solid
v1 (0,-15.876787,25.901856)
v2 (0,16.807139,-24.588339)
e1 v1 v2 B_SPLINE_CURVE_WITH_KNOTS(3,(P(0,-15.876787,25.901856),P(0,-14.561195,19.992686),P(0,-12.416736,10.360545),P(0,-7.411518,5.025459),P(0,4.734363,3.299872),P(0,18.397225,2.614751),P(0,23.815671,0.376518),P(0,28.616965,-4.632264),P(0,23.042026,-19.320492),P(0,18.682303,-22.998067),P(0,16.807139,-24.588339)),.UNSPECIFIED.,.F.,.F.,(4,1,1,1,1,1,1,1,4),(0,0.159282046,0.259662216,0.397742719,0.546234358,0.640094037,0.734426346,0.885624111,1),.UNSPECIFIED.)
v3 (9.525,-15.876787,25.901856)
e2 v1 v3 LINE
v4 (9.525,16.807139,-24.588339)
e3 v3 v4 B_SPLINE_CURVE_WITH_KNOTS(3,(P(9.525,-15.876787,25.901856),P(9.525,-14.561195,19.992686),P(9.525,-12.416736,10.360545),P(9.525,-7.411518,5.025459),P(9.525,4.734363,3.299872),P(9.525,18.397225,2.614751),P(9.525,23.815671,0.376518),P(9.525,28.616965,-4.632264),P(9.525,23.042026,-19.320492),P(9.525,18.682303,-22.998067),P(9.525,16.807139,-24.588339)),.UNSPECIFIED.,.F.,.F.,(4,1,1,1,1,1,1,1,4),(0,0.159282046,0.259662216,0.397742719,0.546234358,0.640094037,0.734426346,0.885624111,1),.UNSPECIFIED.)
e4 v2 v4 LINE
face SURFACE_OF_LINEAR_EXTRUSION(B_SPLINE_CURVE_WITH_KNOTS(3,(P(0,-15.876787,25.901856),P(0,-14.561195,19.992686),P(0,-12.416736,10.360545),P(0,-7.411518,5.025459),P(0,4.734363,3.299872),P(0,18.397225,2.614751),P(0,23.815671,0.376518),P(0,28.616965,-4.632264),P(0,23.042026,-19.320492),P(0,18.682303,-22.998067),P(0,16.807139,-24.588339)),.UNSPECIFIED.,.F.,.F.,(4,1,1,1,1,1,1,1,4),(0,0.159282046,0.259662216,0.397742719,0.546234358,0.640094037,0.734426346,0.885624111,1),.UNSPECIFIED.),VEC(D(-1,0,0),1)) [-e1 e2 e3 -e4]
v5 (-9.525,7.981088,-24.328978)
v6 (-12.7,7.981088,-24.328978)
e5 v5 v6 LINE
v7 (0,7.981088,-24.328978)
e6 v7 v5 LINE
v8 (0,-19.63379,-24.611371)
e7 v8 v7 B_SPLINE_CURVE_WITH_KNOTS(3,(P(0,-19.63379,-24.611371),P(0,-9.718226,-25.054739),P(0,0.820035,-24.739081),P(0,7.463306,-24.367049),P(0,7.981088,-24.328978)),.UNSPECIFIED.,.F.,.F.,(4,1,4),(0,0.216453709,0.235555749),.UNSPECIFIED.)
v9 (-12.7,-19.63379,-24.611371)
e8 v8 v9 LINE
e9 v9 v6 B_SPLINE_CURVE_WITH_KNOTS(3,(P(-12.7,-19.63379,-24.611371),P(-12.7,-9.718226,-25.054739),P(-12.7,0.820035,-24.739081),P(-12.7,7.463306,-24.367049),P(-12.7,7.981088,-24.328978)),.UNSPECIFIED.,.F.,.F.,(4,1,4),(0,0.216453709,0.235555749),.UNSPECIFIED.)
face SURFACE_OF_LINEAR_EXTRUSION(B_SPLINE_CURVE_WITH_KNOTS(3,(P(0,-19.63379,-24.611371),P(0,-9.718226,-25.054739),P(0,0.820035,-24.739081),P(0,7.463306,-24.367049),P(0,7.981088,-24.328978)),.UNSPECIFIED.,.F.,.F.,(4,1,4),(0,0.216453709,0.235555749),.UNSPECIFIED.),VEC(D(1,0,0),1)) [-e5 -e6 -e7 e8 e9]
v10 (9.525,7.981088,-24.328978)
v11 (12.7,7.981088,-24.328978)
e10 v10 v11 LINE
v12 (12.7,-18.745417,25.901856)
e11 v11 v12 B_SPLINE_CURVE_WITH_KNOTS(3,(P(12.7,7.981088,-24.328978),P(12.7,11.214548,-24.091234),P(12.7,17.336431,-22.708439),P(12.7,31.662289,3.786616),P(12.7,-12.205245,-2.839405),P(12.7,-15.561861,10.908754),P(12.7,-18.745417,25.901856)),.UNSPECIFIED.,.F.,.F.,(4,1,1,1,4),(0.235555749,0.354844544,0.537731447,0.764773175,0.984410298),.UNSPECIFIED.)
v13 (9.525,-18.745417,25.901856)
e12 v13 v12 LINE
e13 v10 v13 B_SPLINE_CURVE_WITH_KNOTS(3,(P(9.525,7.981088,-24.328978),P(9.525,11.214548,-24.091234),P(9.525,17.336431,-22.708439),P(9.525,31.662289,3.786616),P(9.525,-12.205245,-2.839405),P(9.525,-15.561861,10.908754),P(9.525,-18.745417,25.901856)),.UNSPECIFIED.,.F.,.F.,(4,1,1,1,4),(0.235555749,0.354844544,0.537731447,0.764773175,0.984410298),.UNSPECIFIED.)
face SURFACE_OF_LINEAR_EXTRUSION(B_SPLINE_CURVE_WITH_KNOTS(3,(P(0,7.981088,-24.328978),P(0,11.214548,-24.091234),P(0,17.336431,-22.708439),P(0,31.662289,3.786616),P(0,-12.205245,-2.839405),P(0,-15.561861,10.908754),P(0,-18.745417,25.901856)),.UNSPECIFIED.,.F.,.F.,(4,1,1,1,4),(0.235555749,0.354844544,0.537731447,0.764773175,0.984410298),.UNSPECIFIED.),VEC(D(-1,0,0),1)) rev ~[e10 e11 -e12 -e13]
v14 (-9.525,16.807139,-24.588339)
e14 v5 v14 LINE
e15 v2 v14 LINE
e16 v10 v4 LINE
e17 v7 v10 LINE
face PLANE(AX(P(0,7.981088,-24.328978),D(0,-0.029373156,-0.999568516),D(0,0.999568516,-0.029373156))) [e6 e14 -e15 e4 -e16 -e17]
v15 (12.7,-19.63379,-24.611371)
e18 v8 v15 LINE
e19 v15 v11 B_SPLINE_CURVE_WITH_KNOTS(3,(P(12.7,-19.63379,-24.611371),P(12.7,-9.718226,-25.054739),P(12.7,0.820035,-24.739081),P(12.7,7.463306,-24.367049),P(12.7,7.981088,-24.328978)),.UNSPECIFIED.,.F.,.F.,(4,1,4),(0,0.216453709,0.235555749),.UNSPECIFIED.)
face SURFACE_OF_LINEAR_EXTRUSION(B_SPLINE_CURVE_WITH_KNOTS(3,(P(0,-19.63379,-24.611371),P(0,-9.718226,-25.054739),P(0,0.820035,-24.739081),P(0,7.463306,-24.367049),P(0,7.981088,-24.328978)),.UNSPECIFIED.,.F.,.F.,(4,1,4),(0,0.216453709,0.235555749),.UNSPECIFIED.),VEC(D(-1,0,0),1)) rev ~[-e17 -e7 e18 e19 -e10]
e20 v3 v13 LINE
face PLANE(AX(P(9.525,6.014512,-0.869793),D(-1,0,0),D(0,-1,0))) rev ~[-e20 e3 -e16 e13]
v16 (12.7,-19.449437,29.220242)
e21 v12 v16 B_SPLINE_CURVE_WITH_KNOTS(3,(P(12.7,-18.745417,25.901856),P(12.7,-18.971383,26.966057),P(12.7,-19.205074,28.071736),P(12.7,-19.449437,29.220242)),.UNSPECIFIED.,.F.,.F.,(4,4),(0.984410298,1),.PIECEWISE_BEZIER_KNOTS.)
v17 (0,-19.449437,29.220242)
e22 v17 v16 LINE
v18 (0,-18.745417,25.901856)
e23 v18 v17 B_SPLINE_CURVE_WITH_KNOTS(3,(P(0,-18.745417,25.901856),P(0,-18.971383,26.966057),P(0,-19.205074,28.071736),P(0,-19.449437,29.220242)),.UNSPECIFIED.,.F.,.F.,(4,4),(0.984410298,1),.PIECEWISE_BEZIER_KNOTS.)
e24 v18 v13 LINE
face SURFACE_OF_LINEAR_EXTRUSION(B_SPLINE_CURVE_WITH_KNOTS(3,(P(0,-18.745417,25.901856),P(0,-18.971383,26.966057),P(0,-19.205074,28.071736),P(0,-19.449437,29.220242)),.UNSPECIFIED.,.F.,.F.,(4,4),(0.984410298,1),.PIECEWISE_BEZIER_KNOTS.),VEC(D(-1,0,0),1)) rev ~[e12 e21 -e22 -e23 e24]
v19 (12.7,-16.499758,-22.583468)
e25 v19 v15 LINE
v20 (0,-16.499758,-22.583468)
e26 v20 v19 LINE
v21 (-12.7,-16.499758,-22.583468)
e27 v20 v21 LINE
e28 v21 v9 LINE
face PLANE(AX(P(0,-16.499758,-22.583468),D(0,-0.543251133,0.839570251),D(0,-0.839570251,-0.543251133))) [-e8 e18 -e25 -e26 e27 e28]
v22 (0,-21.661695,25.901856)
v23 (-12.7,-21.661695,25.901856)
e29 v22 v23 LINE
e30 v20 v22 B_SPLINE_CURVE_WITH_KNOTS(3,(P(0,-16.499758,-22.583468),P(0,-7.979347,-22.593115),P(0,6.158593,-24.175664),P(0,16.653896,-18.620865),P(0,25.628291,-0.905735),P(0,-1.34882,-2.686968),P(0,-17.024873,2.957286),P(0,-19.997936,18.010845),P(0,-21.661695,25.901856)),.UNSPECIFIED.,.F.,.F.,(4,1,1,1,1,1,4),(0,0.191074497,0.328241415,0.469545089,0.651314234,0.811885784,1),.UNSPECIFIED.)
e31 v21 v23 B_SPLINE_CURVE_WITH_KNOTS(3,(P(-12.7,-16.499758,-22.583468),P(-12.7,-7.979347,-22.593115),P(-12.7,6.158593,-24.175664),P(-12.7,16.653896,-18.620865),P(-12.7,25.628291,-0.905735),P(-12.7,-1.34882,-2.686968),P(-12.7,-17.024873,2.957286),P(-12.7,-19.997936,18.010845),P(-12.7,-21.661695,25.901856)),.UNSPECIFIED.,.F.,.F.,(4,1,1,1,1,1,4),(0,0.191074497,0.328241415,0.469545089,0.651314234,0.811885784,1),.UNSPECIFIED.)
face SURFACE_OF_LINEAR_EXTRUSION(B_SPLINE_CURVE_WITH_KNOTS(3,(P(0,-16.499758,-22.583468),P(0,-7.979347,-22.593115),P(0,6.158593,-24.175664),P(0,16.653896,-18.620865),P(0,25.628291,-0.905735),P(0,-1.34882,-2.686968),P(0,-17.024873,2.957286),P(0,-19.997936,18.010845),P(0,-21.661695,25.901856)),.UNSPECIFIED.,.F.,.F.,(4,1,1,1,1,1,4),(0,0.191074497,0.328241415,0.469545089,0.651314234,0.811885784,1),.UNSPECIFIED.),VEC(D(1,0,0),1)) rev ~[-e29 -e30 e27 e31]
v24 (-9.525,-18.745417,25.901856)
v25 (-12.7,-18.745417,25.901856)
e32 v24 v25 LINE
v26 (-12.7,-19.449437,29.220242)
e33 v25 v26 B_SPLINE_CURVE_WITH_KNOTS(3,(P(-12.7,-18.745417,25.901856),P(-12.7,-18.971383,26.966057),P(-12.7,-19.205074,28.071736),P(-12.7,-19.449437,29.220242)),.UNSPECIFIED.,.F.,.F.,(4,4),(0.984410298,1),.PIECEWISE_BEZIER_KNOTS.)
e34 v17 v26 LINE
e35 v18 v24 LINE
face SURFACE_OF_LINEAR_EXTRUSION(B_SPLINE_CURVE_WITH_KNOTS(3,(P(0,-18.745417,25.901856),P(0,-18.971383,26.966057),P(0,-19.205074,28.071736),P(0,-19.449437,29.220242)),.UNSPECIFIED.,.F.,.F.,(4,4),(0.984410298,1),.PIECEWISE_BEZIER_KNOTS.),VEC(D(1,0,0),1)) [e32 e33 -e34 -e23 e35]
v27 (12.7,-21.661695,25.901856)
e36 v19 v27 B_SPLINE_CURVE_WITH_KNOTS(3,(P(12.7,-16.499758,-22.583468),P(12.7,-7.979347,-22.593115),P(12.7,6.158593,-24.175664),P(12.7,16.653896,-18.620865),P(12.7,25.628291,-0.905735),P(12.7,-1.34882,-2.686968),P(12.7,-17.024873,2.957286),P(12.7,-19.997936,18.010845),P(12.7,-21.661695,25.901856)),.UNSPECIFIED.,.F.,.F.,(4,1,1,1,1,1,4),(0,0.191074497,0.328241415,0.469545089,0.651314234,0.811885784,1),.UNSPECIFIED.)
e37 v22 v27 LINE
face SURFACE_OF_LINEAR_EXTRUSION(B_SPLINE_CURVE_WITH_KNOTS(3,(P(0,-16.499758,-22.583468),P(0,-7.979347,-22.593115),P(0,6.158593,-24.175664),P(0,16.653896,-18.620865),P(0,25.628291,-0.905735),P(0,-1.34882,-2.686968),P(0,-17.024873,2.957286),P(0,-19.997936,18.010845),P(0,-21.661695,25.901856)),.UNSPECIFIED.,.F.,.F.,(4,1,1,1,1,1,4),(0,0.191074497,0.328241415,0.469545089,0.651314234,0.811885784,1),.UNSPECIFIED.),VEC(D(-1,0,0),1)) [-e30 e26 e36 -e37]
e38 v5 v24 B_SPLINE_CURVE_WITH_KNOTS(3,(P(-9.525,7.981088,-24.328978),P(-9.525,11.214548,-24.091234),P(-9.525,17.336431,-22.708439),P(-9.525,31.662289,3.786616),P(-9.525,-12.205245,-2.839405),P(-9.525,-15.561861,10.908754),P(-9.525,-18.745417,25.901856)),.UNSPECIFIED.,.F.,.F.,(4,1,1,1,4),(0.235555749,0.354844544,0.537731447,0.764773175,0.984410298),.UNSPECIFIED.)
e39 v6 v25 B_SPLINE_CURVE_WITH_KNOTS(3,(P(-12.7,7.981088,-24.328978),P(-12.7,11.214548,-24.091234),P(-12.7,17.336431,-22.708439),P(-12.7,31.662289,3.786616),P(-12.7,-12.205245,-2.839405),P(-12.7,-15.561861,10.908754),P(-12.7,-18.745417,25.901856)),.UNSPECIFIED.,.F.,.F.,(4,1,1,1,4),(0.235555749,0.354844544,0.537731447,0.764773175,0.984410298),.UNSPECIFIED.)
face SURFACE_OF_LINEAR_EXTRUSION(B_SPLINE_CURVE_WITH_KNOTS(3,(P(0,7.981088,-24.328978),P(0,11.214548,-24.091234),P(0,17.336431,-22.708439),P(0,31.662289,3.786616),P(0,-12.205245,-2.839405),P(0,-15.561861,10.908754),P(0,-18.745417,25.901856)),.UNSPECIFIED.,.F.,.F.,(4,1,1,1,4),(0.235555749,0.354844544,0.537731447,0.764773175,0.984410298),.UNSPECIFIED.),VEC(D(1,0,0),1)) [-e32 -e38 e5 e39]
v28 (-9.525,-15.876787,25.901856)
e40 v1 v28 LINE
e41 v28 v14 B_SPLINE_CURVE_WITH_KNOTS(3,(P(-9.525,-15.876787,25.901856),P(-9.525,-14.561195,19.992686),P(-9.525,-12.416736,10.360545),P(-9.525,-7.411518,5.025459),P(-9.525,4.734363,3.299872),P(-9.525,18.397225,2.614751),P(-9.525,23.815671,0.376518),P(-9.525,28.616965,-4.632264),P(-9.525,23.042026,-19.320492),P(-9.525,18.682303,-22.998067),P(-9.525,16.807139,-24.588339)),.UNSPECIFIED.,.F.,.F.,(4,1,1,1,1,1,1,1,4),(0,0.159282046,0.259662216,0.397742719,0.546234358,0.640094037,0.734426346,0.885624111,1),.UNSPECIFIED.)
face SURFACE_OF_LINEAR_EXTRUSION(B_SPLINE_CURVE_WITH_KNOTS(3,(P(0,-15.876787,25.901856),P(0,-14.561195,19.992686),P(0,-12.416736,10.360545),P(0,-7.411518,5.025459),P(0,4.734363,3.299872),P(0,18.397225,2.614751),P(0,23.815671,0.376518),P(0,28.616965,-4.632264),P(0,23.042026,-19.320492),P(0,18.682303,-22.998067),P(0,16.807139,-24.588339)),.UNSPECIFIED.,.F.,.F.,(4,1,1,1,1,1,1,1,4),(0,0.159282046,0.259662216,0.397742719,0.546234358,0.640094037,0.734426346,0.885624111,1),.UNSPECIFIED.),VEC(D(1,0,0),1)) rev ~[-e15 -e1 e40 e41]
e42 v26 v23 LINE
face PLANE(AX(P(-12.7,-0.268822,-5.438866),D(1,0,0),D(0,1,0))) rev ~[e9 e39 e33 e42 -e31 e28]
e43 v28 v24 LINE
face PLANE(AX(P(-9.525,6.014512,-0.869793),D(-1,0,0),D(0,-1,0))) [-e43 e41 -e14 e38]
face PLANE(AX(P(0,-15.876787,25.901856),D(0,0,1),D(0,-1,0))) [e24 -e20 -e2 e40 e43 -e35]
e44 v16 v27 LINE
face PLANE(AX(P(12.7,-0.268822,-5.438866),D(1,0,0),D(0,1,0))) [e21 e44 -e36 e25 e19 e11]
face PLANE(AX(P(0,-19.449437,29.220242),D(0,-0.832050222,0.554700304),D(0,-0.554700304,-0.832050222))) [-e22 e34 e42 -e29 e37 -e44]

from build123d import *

# Parameters (mm, degrees)
F1_DEPTH = 12.7
F2_DEPTH = 9.525


with BuildPart() as f1:
    # F0 (on Right) → F1 (new body, symmetric)
    with BuildSketch(Plane.YZ):
        with BuildLine():
            Line((-16.4997577667, -22.5834678859), (-19.6337904781, -24.611370638))
            add(Edge.make_bspline(
                [(-19.6337904781, -24.611370638), (-9.7182257648, -25.0547390616), (0.8200345521, -24.7390809786), (7.4633055996, -24.3670492018), (7.9810882925, -24.3289784683)],
                knots=[0, 0, 0, 0, 0.2164537087, 0.2355557487, 0.2355557487, 0.2355557487, 0.2355557487], degree=3))
            add(Edge.make_bspline(
                [(7.9810882925, -24.3289784683), (11.2145478496, -24.091233602), (17.3364310055, -22.7084387002), (31.6622889711, 3.7866162512), (-12.2052451783, -2.8394049632), (-15.5618612251, 10.9087540364), (-18.7454167133, 25.9018559009)],
                knots=[0.2355557487, 0.2355557487, 0.2355557487, 0.2355557487, 0.3548445442, 0.537731447, 0.7647731748, 0.9844102977, 0.9844102977, 0.9844102977, 0.9844102977], degree=3))
            add(Edge.make_bspline(
                [(-18.7454167133, 25.9018559009), (-18.9713834426, 26.9660566673), (-19.2050738791, 28.0717357292), (-19.4494370371, 29.2202420533)],
                knots=[0.9844102977, 0.9844102977, 0.9844102977, 0.9844102977, 1, 1, 1, 1], degree=3))
            Line((-19.4494370371, 29.2202420533), (-21.6616950929, 25.9018559009))
            add(Edge.make_bspline(
                [(-16.4997577667, -22.5834678859), (-7.9793474426, -22.5931149034), (6.1585929663, -24.17566423), (16.6538963412, -18.6208652145), (25.6282908205, -0.9057347564), (-1.3488195266, -2.6869677884), (-17.0248725916, 2.9572860871), (-19.9979357307, 18.0108451166), (-21.6616950929, 25.9018559009)],
                knots=[0, 0, 0, 0, 0.191074497, 0.3282414152, 0.4695450889, 0.6513142342, 0.811885784, 1, 1, 1, 1], degree=3))
        make_face()
    extrude(amount=F1_DEPTH, both=True)

    # F0 (on Right) → F2 (join, symmetric)
    with BuildSketch(Plane.YZ):
        with BuildLine():
            add(Edge.make_bspline(
                [(7.9810882925, -24.3289784683), (11.2145478496, -24.091233602), (17.3364310055, -22.7084387002), (31.6622889711, 3.7866162512), (-12.2052451783, -2.8394049632), (-15.5618612251, 10.9087540364), (-18.7454167133, 25.9018559009)],
                knots=[0.2355557487, 0.2355557487, 0.2355557487, 0.2355557487, 0.3548445442, 0.537731447, 0.7647731748, 0.9844102977, 0.9844102977, 0.9844102977, 0.9844102977], degree=3))
            Line((7.9810882925, -24.3289784683), (16.8071388142, -24.588339335))
            add(Edge.make_bspline(
                [(-15.8767867833, 25.9018559009), (-14.5611947363, 19.9926861713), (-12.4167360154, 10.3605447803), (-7.4115178238, 5.0254589491), (4.7343630711, 3.2998721017), (18.397224785, 2.6147510671), (23.81567102, 0.3765180138), (28.6169653238, -4.6322635829), (23.0420263076, -19.3204921909), (18.6823032894, -22.9980669484), (16.8071388142, -24.588339335)],
                knots=[0, 0, 0, 0, 0.1592820464, 0.259662216, 0.397742719, 0.5462343577, 0.6400940371, 0.7344263458, 0.8856241108, 1, 1, 1, 1], degree=3))
            Line((-15.8767867833, 25.9018559009), (-18.7454167133, 25.9018559009))
        make_face()
    extrude(amount=F2_DEPTH, both=True)


solid = f1.part
